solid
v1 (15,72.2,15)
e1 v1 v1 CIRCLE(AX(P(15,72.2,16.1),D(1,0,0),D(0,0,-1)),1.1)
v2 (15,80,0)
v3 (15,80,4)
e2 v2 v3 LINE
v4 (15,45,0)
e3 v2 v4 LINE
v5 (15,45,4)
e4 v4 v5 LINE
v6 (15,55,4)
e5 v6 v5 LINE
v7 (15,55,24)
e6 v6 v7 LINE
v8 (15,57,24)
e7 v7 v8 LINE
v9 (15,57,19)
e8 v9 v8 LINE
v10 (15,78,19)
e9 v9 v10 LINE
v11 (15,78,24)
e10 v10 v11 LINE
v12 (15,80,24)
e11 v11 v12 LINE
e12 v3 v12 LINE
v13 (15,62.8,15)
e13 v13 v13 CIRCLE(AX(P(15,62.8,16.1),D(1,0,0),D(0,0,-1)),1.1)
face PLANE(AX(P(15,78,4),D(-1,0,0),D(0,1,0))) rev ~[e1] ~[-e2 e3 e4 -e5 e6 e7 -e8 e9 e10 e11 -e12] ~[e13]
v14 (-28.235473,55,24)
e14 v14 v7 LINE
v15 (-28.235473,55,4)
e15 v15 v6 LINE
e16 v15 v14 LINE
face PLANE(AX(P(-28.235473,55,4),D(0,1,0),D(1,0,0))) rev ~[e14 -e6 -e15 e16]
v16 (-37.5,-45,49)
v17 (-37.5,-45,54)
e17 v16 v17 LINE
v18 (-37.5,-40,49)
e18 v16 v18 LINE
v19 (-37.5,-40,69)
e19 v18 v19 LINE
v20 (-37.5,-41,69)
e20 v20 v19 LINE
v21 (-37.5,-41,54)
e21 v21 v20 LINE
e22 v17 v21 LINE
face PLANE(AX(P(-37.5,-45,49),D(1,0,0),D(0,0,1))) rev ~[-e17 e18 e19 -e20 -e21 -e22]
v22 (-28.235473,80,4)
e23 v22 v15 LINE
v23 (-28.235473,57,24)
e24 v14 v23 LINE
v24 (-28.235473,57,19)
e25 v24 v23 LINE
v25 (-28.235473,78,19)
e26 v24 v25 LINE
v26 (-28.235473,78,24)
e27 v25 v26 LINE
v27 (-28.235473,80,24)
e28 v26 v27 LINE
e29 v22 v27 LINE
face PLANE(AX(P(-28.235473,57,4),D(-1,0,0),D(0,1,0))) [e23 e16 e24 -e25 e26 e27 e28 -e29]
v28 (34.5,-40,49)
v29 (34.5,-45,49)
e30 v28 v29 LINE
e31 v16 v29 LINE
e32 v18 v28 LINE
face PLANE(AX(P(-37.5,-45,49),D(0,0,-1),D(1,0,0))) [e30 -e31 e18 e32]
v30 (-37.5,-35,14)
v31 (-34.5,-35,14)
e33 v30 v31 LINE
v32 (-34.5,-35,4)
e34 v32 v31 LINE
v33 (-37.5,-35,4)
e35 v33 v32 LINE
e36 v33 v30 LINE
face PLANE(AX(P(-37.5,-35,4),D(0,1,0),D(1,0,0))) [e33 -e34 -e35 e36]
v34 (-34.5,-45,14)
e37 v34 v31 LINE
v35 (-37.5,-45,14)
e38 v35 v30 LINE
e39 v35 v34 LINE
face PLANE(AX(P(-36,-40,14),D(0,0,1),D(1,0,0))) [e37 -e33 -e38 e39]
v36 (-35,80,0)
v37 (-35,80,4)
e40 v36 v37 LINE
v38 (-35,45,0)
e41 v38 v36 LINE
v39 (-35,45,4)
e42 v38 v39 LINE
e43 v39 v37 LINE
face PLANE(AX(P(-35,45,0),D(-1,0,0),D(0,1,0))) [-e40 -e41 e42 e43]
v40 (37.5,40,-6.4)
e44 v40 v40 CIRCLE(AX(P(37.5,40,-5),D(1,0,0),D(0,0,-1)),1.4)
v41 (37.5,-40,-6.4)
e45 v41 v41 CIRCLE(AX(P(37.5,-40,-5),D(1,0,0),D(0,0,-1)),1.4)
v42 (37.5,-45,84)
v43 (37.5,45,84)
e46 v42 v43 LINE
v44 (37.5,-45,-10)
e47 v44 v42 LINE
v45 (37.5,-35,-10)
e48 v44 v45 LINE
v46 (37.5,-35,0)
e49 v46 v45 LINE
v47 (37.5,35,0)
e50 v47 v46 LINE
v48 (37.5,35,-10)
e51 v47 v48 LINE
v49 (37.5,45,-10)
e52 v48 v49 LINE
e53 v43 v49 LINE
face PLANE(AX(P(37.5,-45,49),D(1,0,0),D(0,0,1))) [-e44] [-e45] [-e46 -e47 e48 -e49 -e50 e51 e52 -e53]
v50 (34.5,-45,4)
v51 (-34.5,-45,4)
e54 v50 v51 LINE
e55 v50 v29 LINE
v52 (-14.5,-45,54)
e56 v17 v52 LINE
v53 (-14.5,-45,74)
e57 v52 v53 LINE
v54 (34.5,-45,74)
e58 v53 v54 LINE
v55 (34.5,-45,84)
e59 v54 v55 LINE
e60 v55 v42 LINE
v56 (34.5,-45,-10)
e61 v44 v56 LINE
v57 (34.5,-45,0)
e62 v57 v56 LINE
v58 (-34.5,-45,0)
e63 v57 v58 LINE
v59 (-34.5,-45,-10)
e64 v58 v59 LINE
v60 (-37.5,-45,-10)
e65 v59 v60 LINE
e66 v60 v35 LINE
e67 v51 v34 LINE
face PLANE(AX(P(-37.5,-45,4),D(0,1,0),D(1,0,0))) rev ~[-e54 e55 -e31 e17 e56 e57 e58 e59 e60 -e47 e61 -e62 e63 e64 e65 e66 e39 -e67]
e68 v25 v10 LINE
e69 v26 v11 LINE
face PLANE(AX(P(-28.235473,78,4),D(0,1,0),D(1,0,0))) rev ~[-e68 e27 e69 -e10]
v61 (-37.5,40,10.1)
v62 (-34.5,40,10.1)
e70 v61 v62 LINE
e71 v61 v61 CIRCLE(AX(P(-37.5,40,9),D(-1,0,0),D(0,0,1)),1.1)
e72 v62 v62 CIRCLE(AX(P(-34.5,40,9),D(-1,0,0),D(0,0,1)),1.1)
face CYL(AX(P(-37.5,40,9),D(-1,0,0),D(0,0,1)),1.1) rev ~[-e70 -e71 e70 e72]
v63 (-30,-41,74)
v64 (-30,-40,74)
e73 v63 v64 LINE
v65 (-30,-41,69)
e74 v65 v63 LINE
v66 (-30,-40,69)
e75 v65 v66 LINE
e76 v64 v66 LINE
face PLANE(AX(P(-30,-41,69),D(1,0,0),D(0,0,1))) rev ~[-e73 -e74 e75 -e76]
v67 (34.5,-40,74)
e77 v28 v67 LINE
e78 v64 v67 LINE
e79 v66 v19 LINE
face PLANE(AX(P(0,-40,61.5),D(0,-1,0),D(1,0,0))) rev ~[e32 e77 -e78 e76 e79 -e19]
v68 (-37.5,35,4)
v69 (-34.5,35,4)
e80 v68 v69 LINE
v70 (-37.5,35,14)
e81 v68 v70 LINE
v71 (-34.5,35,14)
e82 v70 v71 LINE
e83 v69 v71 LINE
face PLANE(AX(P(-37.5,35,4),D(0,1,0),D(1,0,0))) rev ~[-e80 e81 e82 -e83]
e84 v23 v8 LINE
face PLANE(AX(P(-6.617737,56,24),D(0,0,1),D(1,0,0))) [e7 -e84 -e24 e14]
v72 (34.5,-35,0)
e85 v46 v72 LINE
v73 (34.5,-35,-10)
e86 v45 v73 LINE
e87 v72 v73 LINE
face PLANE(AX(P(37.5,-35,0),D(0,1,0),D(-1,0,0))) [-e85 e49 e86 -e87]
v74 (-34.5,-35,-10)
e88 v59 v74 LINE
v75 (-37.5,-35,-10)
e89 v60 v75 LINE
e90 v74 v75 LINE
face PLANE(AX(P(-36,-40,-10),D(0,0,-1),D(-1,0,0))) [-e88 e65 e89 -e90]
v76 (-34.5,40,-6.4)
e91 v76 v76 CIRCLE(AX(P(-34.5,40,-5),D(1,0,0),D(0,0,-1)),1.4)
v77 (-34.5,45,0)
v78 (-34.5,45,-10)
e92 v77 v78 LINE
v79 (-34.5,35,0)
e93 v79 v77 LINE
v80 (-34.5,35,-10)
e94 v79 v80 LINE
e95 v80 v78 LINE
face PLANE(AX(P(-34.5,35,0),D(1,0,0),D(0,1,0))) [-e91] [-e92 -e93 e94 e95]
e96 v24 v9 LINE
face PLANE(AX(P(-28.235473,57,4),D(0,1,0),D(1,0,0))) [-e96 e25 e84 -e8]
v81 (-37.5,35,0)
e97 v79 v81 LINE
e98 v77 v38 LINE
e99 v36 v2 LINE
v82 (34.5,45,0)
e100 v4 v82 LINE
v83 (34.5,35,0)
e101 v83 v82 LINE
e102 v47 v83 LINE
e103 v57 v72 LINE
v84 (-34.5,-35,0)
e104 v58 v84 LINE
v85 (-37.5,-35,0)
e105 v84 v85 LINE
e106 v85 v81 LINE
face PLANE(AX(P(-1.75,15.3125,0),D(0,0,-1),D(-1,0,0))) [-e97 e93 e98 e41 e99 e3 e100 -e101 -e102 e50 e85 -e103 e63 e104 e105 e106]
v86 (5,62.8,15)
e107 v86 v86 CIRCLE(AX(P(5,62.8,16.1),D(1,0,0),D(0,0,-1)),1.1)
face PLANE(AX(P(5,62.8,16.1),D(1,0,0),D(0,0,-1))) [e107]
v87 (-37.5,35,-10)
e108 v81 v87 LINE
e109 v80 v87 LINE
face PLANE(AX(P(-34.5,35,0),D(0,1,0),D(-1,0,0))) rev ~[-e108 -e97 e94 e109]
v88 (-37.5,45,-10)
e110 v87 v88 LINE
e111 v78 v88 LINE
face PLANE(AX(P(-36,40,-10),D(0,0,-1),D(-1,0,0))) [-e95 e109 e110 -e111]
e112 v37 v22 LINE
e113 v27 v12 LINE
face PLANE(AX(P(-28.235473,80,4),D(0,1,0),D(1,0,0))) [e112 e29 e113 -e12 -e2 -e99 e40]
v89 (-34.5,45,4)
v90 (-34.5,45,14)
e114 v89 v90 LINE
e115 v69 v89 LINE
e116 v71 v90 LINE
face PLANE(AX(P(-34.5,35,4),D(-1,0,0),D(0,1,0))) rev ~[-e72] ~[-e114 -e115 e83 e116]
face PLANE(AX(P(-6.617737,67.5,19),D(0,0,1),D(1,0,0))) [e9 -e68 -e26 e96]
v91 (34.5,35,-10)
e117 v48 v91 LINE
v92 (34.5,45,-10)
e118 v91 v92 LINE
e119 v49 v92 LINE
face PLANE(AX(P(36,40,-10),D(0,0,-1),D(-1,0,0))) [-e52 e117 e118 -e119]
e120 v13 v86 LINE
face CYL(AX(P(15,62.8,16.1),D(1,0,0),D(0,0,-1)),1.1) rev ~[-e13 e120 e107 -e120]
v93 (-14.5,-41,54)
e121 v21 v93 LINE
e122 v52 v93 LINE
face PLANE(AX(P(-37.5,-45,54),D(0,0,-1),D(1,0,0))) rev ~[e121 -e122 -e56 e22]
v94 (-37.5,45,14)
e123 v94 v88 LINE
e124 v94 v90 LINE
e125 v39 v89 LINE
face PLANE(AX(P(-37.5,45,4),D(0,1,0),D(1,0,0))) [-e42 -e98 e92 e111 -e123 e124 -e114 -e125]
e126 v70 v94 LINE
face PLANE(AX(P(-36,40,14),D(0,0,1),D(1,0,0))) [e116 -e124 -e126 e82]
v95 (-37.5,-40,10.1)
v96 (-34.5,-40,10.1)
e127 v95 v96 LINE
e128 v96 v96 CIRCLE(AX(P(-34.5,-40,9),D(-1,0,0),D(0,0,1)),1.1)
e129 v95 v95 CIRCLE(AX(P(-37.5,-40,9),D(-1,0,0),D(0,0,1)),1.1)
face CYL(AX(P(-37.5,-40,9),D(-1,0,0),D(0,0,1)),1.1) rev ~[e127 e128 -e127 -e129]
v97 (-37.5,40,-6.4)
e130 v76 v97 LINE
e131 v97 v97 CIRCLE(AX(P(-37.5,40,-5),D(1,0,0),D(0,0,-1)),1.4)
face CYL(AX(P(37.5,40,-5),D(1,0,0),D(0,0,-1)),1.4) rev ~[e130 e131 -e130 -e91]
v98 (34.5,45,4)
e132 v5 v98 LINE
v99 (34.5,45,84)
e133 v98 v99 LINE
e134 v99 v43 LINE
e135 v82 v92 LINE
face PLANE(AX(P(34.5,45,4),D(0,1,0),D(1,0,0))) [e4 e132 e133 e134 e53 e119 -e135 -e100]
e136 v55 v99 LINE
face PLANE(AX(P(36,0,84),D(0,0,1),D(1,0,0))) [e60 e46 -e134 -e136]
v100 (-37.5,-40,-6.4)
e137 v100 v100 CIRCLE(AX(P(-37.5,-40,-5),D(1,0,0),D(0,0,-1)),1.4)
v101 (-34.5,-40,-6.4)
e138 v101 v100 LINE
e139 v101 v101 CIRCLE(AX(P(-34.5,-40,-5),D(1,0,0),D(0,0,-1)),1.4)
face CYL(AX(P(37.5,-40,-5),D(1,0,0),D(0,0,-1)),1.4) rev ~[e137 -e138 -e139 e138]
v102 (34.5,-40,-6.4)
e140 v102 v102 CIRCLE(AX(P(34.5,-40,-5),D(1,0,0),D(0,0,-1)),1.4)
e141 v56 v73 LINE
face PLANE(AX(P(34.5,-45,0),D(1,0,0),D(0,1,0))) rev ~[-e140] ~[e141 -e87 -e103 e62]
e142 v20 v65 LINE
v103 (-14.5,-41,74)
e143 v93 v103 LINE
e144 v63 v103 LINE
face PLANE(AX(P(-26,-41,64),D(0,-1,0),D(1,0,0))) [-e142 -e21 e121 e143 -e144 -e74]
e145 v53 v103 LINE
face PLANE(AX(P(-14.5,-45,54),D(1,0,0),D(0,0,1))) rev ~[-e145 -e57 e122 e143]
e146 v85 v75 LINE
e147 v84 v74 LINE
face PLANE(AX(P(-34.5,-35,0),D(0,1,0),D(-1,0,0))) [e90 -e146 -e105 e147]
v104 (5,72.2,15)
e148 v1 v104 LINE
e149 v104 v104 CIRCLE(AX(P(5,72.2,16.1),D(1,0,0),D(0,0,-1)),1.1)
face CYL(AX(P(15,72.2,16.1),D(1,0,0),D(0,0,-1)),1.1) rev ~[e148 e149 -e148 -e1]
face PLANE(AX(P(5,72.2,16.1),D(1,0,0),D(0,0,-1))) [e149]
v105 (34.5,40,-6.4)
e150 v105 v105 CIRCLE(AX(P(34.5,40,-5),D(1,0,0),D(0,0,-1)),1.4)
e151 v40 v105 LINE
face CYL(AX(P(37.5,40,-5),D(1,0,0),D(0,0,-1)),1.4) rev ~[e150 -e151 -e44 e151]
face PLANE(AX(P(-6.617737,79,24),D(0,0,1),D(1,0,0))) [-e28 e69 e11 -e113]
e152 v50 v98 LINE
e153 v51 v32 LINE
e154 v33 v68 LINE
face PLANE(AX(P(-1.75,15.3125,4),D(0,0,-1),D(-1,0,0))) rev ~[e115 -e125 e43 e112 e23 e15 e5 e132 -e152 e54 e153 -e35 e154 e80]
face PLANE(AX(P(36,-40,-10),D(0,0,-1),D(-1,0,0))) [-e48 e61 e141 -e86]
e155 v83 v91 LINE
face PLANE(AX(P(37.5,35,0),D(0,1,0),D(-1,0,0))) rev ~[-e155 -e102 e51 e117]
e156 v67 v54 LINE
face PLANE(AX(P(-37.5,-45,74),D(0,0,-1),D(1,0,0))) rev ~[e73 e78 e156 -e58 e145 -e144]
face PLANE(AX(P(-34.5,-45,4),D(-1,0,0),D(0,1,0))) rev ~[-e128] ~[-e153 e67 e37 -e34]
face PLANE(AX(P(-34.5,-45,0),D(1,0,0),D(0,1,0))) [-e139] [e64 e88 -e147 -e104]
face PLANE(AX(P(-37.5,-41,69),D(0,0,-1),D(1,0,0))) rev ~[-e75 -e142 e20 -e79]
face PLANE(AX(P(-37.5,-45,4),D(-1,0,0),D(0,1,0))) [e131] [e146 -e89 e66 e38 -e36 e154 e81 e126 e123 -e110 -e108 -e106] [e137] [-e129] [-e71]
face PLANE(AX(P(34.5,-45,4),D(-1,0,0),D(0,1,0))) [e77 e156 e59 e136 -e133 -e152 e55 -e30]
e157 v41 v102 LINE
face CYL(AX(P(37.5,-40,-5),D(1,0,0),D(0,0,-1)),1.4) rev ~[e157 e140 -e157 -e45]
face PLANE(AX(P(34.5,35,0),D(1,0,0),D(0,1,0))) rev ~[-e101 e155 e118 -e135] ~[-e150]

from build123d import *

# Parameters (mm, degrees)
EXTRUDE_1_DEPTH     = 4
SKETCH_3_W          = 43.235473071
SKETCH_3_H          = 2
EXTRUDE_2_DEPTH     = 20
SKETCH_4_W          = 43.235473071
SKETCH_4_H          = 21
EXTRUDE_3_DEPTH     = 15
SKETCH_8_W          = 3
SKETCH_8_H          = 10
EXTRUDE_4_DEPTH     = 10
SKETCH_10_R         = 1.4
CUT_EXTRUDE_1_DEPTH = 83
SKETCH_11_W         = 3
SKETCH_11_H         = 90
EXTRUDE_5_DEPTH     = 80
SKETCH_12_W         = 75
SKETCH_12_H         = 25
EXTRUDE_6_DEPTH     = 5
SKETCH_13_W         = 23
SKETCH_13_H         = 20
CUT_EXTRUDE_2_DEPTH = 4
CUT_EXTRUDE_3_REACH = 123
SKETCH_14_W         = 7.5
SKETCH_14_H         = 5
SKETCH_15_R         = 1.1
CUT_EXTRUDE_4_DEPTH = 10
SKETCH_17_W         = 3
SKETCH_17_H         = 10
EXTRUDE_7_DEPTH     = 10
SKETCH_18_R         = 1.1
CUT_EXTRUDE_5_DEPTH = 3
SKETCH_19_W         = 3
SKETCH_19_H         = 10
EXTRUDE_8_DEPTH     = 10
SKETCH_20_R         = 1.1
CUT_EXTRUDE_6_DEPTH = 3


with BuildPart() as part:
    # 草圖1 → 填料-伸長1 (new body)
    with BuildSketch(Plane.XY):
        Polygon((-37.5, 45), (-35, 45), (-35, 80), (15, 80), (15, 45), (37.5, 45), (37.5, -45), (-37.5, -45), align=None)
    extrude(amount=EXTRUDE_1_DEPTH)

    # 草圖3 → 填料-伸長2 (add)
    with BuildSketch(Plane.XY.offset(4)):
        with Locations((-6.617736535, 56)):
            Rectangle(SKETCH_3_W, SKETCH_3_H)
        with Locations((-6.617736535, 79)):
            Rectangle(SKETCH_3_W, SKETCH_3_H)
    extrude(amount=EXTRUDE_2_DEPTH)

    # 草圖4 → 填料-伸長3 (add)
    with BuildSketch(Plane.XY.offset(4)):
        with Locations((-6.617736535, 67.5)):
            Rectangle(SKETCH_4_W, SKETCH_4_H)
    extrude(amount=EXTRUDE_3_DEPTH)

    # 草圖8 → 填料-伸長4 (add)
    with BuildSketch(Plane(origin=(0, 0, 0), x_dir=(-1, 0, 0), z_dir=(0, 0, -1))):
        with Locations((-36, 40)):
            Rectangle(SKETCH_8_W, SKETCH_8_H)
        with Locations((36, 40)):
            Rectangle(SKETCH_8_W, SKETCH_8_H)
        with Locations((36, -40)):
            Rectangle(SKETCH_8_W, SKETCH_8_H)
        with Locations((-36, -40)):
            Rectangle(SKETCH_8_W, SKETCH_8_H)
    extrude(amount=EXTRUDE_4_DEPTH)

    # 草圖10 → 除料-伸長1 (cut)
    with BuildSketch(Plane(origin=(37.5, 0, 0), x_dir=(0, 0, -1), z_dir=(1, 0, 0))):
        with Locations((5, 40)):
            Circle(SKETCH_10_R)
        with Locations((5, -40)):
            Circle(SKETCH_10_R)
    extrude(amount=-CUT_EXTRUDE_1_DEPTH, mode=Mode.SUBTRACT)

    # 草圖11 → 填料-伸長5 (add)
    with BuildSketch(Plane.XY.offset(4)):
        with Locations((36, 0)):
            Rectangle(SKETCH_11_W, SKETCH_11_H)
    extrude(amount=EXTRUDE_5_DEPTH)

    # 草圖12 → 填料-伸長6 (add)
    with BuildSketch(Plane.XZ.offset(45)):
        with Locations((0, 61.5)):
            Rectangle(SKETCH_12_W, SKETCH_12_H)
    extrude(amount=-EXTRUDE_6_DEPTH)

    # 草圖13 → 除料-伸長2 (cut)
    with BuildSketch(Plane.XZ.offset(45)):
        with Locations((-26, 64)):
            Rectangle(SKETCH_13_W, SKETCH_13_H)
    extrude(amount=-CUT_EXTRUDE_2_DEPTH, mode=Mode.SUBTRACT)

    # 草圖14 → 除料-伸長3 (cut, up to next)
    with BuildSketch(Plane.XZ.offset(41), mode=Mode.PRIVATE) as cut_extrude_3_sk1:
        with Locations((-33.75, 71.5)):
            Rectangle(SKETCH_14_W, SKETCH_14_H)
    cut_extrude_3_tool1 = extrude(cut_extrude_3_sk1.sketch, amount=-CUT_EXTRUDE_3_REACH, mode=Mode.PRIVATE) & part.part
    add(cut_extrude_3_tool1.solids().sort_by_distance((-33.75, -41, 71.5))[0], mode=Mode.SUBTRACT)

    # 草圖15 → 除料-伸長4 (cut)
    with BuildSketch(Plane(origin=(15, 0, 0), x_dir=(0, 0, -1), z_dir=(1, 0, 0))):
        with Locations((-16.1, 72.2)):
            Circle(SKETCH_15_R)
        with Locations((-16.1, 62.8)):
            Circle(SKETCH_15_R)
    extrude(amount=-CUT_EXTRUDE_4_DEPTH, mode=Mode.SUBTRACT)

    # 草圖17 → 填料-伸長7 (add)
    with BuildSketch(Plane.XY.offset(4)):
        with Locations((-36, 40)):
            Rectangle(SKETCH_17_W, SKETCH_17_H)
    extrude(amount=EXTRUDE_7_DEPTH)

    # 草圖18 → 除料-伸長5 (cut)
    with BuildSketch(Plane.ZY.offset(37.5)):
        with Locations((9, 40)):
            Circle(SKETCH_18_R)
    extrude(amount=-CUT_EXTRUDE_5_DEPTH, mode=Mode.SUBTRACT)

    # 草圖19 → 填料-伸長8 (add)
    with BuildSketch(Plane.XY.offset(4)):
        with Locations((-36, -40)):
            Rectangle(SKETCH_19_W, SKETCH_19_H)
    extrude(amount=EXTRUDE_8_DEPTH)

    # 草圖20 → 除料-伸長6 (cut)
    with BuildSketch(Plane.ZY.offset(37.5)):
        with Locations((9, -40)):
            Circle(SKETCH_20_R)
    extrude(amount=-CUT_EXTRUDE_6_DEPTH, mode=Mode.SUBTRACT)


solid = part.part
